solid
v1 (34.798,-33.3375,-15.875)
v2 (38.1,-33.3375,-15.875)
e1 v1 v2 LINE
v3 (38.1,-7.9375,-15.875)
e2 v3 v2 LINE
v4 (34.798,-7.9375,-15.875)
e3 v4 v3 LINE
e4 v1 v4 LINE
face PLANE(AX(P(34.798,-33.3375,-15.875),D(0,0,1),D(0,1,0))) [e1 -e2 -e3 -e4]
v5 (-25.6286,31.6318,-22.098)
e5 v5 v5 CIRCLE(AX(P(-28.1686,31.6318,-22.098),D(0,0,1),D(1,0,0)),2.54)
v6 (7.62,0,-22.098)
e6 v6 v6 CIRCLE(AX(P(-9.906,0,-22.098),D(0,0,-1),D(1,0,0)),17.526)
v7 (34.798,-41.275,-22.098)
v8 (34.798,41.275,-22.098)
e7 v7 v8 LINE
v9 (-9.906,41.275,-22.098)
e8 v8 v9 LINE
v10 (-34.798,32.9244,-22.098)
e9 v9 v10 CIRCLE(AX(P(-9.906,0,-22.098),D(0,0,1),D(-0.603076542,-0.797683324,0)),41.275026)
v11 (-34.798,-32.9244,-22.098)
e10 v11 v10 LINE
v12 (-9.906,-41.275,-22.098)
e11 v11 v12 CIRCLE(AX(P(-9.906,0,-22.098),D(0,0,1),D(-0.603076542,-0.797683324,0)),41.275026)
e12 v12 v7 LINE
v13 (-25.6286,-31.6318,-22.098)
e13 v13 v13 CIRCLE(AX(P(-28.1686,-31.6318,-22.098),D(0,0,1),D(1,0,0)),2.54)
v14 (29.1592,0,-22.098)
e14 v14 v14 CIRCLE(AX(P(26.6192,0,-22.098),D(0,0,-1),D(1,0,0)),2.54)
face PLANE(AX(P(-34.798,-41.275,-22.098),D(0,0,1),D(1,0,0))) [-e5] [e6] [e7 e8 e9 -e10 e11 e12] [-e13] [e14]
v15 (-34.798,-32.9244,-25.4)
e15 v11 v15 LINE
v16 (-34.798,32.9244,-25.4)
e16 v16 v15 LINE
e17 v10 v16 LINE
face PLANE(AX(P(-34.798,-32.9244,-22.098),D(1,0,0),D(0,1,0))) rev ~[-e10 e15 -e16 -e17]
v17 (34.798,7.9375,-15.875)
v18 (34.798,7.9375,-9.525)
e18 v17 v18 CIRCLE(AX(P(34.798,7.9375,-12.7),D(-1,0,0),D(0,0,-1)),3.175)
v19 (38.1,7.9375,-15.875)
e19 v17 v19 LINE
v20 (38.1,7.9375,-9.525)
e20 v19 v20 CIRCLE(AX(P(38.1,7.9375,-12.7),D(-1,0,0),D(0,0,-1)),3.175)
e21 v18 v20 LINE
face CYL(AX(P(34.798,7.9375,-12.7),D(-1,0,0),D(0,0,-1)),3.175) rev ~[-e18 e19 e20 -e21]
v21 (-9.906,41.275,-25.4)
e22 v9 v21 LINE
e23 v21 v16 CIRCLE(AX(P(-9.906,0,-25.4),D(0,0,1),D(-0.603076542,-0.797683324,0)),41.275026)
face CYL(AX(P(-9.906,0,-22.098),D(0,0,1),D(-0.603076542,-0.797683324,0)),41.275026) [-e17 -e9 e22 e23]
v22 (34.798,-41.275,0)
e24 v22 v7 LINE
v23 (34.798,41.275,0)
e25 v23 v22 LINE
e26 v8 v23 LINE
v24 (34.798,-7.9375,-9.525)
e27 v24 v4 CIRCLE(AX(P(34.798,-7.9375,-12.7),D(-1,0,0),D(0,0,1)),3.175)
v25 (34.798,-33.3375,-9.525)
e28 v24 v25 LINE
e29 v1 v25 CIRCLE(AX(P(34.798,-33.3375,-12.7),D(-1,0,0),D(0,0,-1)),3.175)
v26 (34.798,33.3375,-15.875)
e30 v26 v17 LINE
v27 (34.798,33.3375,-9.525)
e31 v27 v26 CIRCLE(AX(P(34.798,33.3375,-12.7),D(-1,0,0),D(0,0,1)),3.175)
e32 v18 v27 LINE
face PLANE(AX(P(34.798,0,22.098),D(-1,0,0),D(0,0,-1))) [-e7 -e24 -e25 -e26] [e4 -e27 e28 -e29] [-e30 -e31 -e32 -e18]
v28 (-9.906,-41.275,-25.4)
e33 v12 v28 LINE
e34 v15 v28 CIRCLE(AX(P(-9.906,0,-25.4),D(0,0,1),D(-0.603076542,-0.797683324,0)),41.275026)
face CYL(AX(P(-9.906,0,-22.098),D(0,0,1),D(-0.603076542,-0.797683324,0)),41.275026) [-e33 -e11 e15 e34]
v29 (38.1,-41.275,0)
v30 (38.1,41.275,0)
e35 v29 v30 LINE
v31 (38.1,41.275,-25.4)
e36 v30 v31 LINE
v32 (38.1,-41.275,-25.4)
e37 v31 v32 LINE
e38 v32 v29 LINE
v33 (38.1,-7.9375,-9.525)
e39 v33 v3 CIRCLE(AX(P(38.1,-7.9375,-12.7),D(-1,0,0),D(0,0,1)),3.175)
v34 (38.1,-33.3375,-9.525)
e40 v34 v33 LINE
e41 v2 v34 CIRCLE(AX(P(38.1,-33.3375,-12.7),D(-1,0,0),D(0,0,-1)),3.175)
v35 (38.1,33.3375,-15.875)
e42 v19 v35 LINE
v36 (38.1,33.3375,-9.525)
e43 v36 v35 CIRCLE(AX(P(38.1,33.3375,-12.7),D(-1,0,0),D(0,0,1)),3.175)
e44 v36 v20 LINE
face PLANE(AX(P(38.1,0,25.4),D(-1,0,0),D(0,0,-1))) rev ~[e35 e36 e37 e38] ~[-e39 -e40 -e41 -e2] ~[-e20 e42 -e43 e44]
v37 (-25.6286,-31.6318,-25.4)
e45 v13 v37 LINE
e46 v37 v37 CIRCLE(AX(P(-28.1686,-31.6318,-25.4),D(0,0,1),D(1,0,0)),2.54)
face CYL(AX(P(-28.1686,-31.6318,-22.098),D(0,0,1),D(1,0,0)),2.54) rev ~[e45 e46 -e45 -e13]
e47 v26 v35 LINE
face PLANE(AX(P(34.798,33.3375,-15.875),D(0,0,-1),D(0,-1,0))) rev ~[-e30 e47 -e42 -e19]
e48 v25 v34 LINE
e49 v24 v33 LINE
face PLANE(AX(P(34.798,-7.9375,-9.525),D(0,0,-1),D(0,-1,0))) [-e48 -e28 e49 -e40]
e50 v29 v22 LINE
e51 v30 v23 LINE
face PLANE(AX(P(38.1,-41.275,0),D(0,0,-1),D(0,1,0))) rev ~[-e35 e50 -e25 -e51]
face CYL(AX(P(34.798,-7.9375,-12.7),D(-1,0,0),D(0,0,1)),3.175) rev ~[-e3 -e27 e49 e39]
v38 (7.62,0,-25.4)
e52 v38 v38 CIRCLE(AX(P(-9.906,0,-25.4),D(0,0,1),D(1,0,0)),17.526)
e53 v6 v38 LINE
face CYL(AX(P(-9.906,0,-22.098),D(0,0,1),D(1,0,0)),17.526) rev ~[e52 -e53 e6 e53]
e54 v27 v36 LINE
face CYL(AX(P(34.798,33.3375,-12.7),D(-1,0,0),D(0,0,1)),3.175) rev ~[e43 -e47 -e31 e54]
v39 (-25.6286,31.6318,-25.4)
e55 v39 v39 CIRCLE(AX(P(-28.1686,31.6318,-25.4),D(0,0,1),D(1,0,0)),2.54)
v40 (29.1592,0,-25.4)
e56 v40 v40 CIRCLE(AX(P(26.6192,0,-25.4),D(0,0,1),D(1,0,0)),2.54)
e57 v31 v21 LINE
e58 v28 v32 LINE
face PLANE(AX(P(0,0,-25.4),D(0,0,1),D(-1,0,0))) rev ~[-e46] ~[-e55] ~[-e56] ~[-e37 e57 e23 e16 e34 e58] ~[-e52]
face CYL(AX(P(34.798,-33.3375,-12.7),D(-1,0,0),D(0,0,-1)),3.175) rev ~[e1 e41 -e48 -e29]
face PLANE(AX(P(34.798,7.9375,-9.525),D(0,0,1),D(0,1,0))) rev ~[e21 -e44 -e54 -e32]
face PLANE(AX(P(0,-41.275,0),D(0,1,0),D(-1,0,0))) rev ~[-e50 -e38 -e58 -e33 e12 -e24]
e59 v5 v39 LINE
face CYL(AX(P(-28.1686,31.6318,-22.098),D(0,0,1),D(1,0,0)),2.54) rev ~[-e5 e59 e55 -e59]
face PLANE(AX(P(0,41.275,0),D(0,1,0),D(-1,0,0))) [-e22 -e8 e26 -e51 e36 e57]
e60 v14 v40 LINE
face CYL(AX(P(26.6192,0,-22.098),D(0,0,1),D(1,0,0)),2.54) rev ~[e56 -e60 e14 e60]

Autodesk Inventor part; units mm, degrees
ref_plane "YZ Plane" through (0, 0, 0) normal (1, 0, 0) x (0, 1, 0)
ref_plane "XZ Plane" through (0, 0, 0) normal (0, 1, 0) x (-1, 0, 0)
ref_plane "XY Plane" through (0, 0, 0) normal (0, 0, 1) x (1, 0, 0)
sketch "Sketch2" plane through (0, 0, 0) normal (0, 1, 0) x (-1, 0, 0)
  line L0 (38.1, 25.4) -> (-38.1, 25.4)
  line L1 (-38.1, 25.4) -> (-38.1, -25.4)
  line L2 (-38.1, -25.4) -> (38.1, -25.4)
  line L3 (38.1, -25.4) -> (38.1, 25.4)
  line L4 (34.798, 22.098) -> (-34.798, 22.098)
  line L5 (-34.798, 22.098) -> (-34.798, -22.098)
  line L6 (-34.798, -22.098) -> (34.798, -22.098)
  line L7 (34.798, -22.098) -> (34.798, 22.098)
  line L8 (0, -35.56) -> (0, 35.56) projected
  line L9 (-53.34, 0) -> (53.34, 0) projected
  point P0 (0, 0)
  dimension "d0" = 3.302
  dimension "d1" = 76.2
  dimension "d2" = 50.8
extrude "Extrusion1" add sketch "Sketch2" along normal mid plane 82.55 contours L3 L9 L7 L4 L8 L0 | L8 L4 L5 L9 L1 L0 | L3 L2 L8 L6 L7 L9 | L9 L5 L6 L8 L2 L1
sketch "Sketch4" plane through (-34.798, -41.275, -22.098) normal (0, 0, 1) x (1, 0, 0)
  line L0 (0, 0) -> (0, 82.55) projected
  line L1 (69.596, 0) -> (0, 0) projected
  line L2 (69.596, 0) -> (69.596, 82.55) projected
  line L3 (0, 82.55) -> (69.596, 82.55) projected
  arc A0 (0, 8.3506) -> (0, 74.1994) centre (24.892, 41.275) ccw
  line L4 (-18.542, 41.275) -> (88.138, 41.275) projected
  line L5 (0, 8.3506) -> (0, 74.1994)
  line L6 (72.898, 82.55) -> (-3.302, 82.55) construction
  circle A1 centre (24.892, 41.275) radius 17.526
  line L7 (-3.302, 0) -> (72.898, 0) projected
  line L8 (24.892, 0) -> (-3.302, 0)
  line L9 (-3.302, 0) -> (-3.302, 82.55)
  line L10 (-3.302, 0) -> (-3.302, 82.55) projected
  line L11 (-3.302, 82.55) -> (24.892, 82.55)
  circle A2 centre (61.4172, 41.275) radius 2.54
  circle A3 centre (6.6294, 72.9068) radius 2.54
  circle A4 centre (6.6294, 9.6432) radius 2.54
  point P0 (34.798, 41.275)
  dimension "d9" = 44.704
  dimension "d13" = 35.052
  dimension "d26" = 36.5252
  dimension "d27" = 5.08
  dimension "d30" = 360
extrude "Extrusion3" cut sketch "Sketch4" along normal up to surface (47.498 mm away) contours L7 L9 L4 L0 | L0 A0 L1 | L4 L9 L11 L0 | L0 L3 A0 | A1 L4 | L4 A1 | A2 L4 | L4 A2 | A3 | A4
extrude "Extrusion4" cut sketch "Sketch4" against normal up to surface (3.302 mm away) contours L7 L9 L4 L0 | L0 A0 L1 | L4 L9 L11 L0 | L0 L3 A0 | A1 L4 | L4 A1 | A2 L4 | L4 A2 | A3 | A4
sketch "Sketch5" plane through (38.1, -41.275, -25.4) normal (1, 0, 0) x (0, 0, -1)
  line L0 (0, 0) -> (0, 82.55) projected
  line L1 (-50.8, 82.55) -> (0, 82.55) projected
  line L2 (-50.8, 0) -> (-50.8, 82.55) projected
  line L3 (0, 0) -> (-50.8, 0) projected
  line L4 (-25.4, 0) -> (-25.4, 82.55)
  line L5 (-50.8, 82.55) -> (0, 82.55) projected
  point P0 (-25.4, 41.275)
  dimension "d18" = 25.4
extrude "Extrusion5" cut sketch "Sketch5" against normal up to surface (72.898 mm away) contours L3 L2 L1 L4
sketch "Sketch6" plane through (34.798, -41.275, -22.098) normal (-1, 0, 0) x (0, 0, 1)
  line L0 (22.098, 0) -> (22.098, 82.55) projected
  line L1 (0, 0) -> (0, 82.55) projected
  line L2 (44.196, 0) -> (0, 0) projected
  arc A0 (12.573, 74.6125) -> (6.223, 74.6125) centre (9.398, 74.6125) ccw
  arc A1 (6.223, 7.9375) -> (12.573, 7.9375) centre (9.398, 7.9375) ccw
  arc A2 (6.223, 49.2125) -> (12.573, 49.2125) centre (9.398, 49.2125) ccw
  arc A3 (12.573, 33.3375) -> (6.223, 33.3375) centre (9.398, 33.3375) ccw
  line L3 (12.573, 33.3375) -> (12.573, 7.9375)
  line L4 (6.223, 7.9375) -> (6.223, 33.3375)
  line L5 (12.573, 49.2125) -> (12.573, 74.6125)
  line L6 (6.223, 74.6125) -> (6.223, 49.2125)
  line L7 (22.098, 41.275) -> (0, 41.275) construction
  line L8 (6.223, 61.9125) -> (12.573, 61.9125) construction
  line L9 (0, 82.55) -> (22.098, 82.55) construction
  line L10 (0, 82.55) -> (44.196, 82.55) construction
  line L11 (9.398, 74.6125) -> (9.398, 49.2125) construction
  point P0 (22.098, 41.275)
  dimension "d21" = 6.35
  dimension "d22" = 25.4
  dimension "d23" = 12.7
extrude "Extrusion6" cut sketch "Sketch6" against normal up to next
equation "\"d0\" = WallThickness"
equation "\"d3\" = DiameterMotor"
equation "\"d13\" = InnerHole"
equation "\"d26\" = Distance2Screw"
equation "\"WallThickness\" = 3.302"
equation "\"DiameterMotor\" = 82.55"
equation "\"InnerHole\" = 35.052"
equation "\"Distance2Screw\" = 36.5252"
equation "\"ScrewDiameter\" = 5.08"
properties part number "CIM Bracket"
